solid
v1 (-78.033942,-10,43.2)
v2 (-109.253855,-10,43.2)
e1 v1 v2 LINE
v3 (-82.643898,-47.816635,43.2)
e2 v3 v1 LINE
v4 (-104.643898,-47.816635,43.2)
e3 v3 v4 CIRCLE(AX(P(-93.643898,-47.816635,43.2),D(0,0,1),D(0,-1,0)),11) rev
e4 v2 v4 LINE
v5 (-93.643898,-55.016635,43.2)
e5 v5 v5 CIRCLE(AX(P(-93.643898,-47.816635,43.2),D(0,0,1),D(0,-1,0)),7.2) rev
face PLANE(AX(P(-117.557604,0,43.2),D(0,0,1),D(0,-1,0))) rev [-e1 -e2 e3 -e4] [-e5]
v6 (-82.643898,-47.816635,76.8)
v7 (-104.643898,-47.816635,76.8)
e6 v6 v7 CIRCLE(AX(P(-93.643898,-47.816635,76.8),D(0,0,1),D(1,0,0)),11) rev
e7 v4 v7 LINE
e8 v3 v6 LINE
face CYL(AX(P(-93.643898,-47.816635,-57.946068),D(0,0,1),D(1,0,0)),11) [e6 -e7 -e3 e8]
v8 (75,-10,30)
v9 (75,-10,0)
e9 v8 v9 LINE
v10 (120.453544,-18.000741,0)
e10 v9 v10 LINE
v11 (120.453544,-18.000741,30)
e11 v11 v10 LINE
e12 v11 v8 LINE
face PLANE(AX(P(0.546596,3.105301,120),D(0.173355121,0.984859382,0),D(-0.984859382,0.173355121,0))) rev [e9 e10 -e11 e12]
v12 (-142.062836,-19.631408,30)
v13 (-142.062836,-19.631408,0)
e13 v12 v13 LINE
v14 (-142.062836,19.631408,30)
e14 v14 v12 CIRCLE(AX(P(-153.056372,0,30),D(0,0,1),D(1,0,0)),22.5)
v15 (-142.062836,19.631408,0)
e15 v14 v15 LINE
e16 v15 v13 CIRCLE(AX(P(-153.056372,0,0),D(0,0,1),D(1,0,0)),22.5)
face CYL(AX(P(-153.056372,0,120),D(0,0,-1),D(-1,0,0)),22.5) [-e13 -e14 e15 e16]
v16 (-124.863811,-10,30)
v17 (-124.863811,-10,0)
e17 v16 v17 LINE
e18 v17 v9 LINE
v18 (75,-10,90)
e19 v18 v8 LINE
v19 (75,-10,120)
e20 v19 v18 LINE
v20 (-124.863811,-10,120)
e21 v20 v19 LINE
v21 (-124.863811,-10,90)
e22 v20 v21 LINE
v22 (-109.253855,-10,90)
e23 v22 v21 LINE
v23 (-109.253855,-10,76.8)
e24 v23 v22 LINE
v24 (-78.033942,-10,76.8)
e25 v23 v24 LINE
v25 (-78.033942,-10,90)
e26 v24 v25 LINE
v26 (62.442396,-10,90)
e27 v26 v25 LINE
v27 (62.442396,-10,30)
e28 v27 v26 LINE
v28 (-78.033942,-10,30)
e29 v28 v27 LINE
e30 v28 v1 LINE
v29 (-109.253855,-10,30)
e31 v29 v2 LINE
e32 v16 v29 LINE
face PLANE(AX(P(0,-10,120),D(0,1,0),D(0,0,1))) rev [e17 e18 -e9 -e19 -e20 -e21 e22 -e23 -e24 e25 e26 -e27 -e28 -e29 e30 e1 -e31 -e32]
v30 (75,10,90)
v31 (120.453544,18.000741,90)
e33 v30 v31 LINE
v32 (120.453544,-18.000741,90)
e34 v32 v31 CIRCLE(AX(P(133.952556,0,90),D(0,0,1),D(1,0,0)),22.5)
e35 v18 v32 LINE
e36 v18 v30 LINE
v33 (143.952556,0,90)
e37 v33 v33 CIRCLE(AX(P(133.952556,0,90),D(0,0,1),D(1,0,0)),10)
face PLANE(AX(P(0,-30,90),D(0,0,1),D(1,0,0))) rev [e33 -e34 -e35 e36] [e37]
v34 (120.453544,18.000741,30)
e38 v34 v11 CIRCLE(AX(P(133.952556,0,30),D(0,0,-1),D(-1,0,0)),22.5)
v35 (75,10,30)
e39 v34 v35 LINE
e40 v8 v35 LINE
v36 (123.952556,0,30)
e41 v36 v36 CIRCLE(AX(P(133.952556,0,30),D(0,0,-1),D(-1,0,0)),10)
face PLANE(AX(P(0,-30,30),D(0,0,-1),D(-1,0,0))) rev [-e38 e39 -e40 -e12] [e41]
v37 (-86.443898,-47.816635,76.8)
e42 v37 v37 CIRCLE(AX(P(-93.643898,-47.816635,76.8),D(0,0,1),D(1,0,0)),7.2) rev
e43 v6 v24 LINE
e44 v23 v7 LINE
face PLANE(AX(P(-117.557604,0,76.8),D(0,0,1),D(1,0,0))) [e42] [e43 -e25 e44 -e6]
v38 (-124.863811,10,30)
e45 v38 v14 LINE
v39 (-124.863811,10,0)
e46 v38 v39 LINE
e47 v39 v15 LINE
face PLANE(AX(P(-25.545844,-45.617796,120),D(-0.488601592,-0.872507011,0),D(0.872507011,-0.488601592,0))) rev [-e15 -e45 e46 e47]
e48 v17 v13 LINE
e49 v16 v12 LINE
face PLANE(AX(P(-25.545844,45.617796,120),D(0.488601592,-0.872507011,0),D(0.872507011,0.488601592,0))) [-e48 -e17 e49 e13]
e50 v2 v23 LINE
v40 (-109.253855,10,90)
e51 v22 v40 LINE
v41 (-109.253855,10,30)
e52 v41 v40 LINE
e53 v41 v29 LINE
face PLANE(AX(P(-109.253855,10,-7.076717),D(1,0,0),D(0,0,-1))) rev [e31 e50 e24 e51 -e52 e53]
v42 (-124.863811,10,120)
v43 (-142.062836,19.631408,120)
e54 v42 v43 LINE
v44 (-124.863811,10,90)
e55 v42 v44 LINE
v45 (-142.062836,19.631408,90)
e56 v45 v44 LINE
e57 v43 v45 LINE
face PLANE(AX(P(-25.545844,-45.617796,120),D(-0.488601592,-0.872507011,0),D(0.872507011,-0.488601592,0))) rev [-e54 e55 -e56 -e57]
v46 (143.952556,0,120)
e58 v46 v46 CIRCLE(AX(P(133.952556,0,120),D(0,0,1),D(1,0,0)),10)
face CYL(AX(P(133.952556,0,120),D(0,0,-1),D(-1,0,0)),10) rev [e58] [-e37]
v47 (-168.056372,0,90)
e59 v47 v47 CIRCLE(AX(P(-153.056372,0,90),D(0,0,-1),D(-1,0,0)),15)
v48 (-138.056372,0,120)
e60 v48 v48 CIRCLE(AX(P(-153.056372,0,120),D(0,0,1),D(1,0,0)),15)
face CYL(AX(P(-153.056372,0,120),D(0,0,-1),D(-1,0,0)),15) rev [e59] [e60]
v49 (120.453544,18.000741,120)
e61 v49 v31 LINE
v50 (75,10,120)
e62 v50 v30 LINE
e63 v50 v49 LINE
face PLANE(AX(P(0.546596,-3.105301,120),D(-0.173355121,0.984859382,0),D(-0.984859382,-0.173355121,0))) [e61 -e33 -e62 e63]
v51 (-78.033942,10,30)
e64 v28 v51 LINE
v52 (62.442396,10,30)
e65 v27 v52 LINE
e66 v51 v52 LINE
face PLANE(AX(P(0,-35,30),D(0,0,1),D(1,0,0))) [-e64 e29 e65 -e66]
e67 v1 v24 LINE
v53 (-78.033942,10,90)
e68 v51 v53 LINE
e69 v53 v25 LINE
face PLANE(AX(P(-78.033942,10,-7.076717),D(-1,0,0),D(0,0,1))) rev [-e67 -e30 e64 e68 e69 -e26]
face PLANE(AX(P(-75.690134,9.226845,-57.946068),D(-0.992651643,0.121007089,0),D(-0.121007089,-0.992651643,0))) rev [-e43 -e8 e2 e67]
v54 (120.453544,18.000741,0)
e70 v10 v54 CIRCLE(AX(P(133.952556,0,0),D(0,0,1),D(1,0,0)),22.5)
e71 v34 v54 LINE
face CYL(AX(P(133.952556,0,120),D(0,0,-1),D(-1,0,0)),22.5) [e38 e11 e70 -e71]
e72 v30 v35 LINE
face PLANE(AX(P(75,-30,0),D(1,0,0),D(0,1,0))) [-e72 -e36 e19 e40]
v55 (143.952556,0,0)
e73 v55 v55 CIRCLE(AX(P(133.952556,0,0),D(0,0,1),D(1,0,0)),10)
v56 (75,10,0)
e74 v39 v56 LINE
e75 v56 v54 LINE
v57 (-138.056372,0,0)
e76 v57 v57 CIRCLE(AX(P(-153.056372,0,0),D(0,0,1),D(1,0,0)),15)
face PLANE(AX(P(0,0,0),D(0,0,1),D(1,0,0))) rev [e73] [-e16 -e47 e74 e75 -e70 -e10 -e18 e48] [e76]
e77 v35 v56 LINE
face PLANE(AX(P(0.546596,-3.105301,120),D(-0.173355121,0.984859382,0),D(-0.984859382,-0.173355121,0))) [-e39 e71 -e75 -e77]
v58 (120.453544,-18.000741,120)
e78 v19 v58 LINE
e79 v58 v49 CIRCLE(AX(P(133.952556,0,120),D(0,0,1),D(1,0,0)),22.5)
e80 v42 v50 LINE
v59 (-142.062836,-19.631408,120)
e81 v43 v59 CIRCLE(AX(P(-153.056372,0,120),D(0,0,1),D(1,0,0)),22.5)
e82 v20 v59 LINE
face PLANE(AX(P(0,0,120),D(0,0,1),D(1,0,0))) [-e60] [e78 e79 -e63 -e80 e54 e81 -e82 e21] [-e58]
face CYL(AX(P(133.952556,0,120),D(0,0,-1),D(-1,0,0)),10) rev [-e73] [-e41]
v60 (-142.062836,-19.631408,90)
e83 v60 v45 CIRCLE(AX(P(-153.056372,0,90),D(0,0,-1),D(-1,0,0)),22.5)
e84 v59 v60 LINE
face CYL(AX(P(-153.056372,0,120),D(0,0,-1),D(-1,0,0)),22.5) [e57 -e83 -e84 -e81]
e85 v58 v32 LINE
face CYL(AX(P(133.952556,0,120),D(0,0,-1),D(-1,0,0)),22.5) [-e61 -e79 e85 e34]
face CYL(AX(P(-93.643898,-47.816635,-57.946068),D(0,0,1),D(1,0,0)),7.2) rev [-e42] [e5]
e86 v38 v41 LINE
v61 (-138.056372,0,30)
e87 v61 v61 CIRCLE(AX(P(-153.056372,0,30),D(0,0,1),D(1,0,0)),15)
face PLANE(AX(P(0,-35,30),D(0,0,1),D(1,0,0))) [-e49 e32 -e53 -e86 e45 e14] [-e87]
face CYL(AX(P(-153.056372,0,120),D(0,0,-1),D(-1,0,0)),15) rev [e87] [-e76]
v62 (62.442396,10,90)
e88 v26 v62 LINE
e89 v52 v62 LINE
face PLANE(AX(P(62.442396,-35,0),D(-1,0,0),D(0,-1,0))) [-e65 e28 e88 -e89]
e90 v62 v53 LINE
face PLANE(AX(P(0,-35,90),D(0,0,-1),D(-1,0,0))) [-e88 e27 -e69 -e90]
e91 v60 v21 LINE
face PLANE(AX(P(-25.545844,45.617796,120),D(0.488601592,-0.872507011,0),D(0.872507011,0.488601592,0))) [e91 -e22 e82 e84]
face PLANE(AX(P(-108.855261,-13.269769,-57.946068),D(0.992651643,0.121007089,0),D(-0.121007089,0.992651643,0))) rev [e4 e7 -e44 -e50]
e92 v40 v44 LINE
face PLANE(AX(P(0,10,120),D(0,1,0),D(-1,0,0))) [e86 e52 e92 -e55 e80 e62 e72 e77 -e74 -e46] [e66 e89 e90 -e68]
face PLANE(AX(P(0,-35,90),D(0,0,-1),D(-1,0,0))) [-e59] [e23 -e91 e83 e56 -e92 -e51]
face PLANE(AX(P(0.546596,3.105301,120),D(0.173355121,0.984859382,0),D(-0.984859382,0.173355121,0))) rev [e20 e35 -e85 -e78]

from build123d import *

# Parameters (mm, degrees)
SKETCH1_R           = 10
SKETCH1_R_2         = 15
BOSS_EXTRUDE1_DEPTH = 120
CUT_EXTRUDE1_DEPTH  = 45
SKETCH3_R           = 11
SKETCH3_R_2         = 7.2
BOSS_EXTRUDE2_DEPTH = 120
CUT_EXTRUDE2_DEPTH  = 180
SKETCH5_W           = 31.21991305
SKETCH5_H           = 33.6
BOSS_EXTRUDE3_DEPTH = 20
SKETCH6_W           = 31.21991305
SKETCH6_H           = 20
BOSS_EXTRUDE4_DEPTH = 13.2
SKETCH8_W           = 31.21991305
SKETCH8_H           = 20
BOSS_EXTRUDE5_DEPTH = 13.2
CUT_EXTRUDE3_DEPTH  = 40


with BuildPart() as part:
    # Sketch1 → Boss-Extrude1 (new body)
    with BuildSketch(Plane.XY):
        with BuildLine():
            Line((75, 10), (-124.86381146, 10))
            Line((-124.86381146, 10), (-142.062836025, 19.631407747))
            ThreePointArc((-142.062836025, 19.631407747), (-175.556371847, 0), (-142.062836025, -19.631407747))
            Line((-142.062836025, -19.631407747), (-124.86381146, -10))
            Line((-124.86381146, -10), (75, -10))
            Line((75, -10), (120.453543604, -18.000740708))
            ThreePointArc((120.453543604, -18.000740708), (156.452555937, 0), (120.453543604, 18.000740708))
            Line((120.453543604, 18.000740708), (75, 10))
        make_face()
        with Locations((133.952555937, 0)):
            Circle(SKETCH1_R, mode=Mode.SUBTRACT)
        with Locations((-153.056371847, 0)):
            Circle(SKETCH1_R_2, mode=Mode.SUBTRACT)
    extrude(amount=BOSS_EXTRUDE1_DEPTH)

    # Sketch2 → Cut-Extrude1 (cut, symmetric)
    with BuildSketch(Plane(origin=(0, 10, 0), x_dir=(1, 0, 0), z_dir=(0, 1, 0))):
        Polygon((-124.86381146, -90), (-124.86381146, -60), (-124.86381146, -30), (-189.632147982, -30), (-189.632147982, -90), align=None)
        Polygon((-124.86381146, -30), (-124.86381146, -60), (-124.86381146, -90), (62.44239577, -90), (62.44239577, -30), align=None)
    extrude(amount=CUT_EXTRUDE1_DEPTH, both=True, mode=Mode.SUBTRACT)

    # Sketch3 → Boss-Extrude2 (add)
    with BuildSketch(Plane.XY.offset(120)):
        with BuildLine():
            Line((-109.253854935, -10), (-104.64389841, -47.8166351))
            ThreePointArc((-104.64389841, -47.8166351), (-93.64389841, -36.8166351), (-82.64389841, -47.8166351))
            Line((-82.64389841, -47.8166351), (-78.033941885, -10))
            Line((-78.033941885, -10), (-109.253854935, -10))
        make_face()
        with Locations((-93.64389841, -47.8166351)):
            Circle(SKETCH3_R)
        with Locations((-93.64389841, -47.8166351)):
            Circle(SKETCH3_R_2, mode=Mode.SUBTRACT)
    extrude(amount=-BOSS_EXTRUDE2_DEPTH)

    # Sketch4 → Cut-Extrude2 (cut)
    with BuildSketch(Plane.ZY.offset(-62.44239577)):
        Polygon((43.2, -58.8166351), (43.2, -10), (30, -10), (-9.185341586, -10), (-9.185341586, -58.8166351), align=None)
        Polygon((90, -10), (76.8, -10), (76.8, -58.8166351), (133.966164795, -58.8166351), (133.966164795, -10), align=None)
    extrude(amount=CUT_EXTRUDE2_DEPTH, mode=Mode.SUBTRACT)

    # Sketch5 → Boss-Extrude3 (add)
    with BuildSketch(Plane(origin=(0, -10, 0), x_dir=(1, 0, 0), z_dir=(0, 1, 0))):
        with Locations((-93.64389841, -60)):
            Rectangle(SKETCH5_W, SKETCH5_H)
    extrude(amount=BOSS_EXTRUDE3_DEPTH)

    # Sketch6 → Boss-Extrude4 (add)
    with BuildSketch(Plane(origin=(0, 0, 43.2), x_dir=(-1, 0, 0), z_dir=(0, 0, -1))):
        with Locations((93.64389841, 0)):
            Rectangle(SKETCH6_W, SKETCH6_H)
    extrude(amount=BOSS_EXTRUDE4_DEPTH)

    # Sketch8 → Boss-Extrude5 (add)
    with BuildSketch(Plane(origin=(0, 0, 90), x_dir=(-1, 0, 0), z_dir=(0, 0, -1))):
        with Locations((93.64389841, 0)):
            Rectangle(SKETCH8_W, SKETCH8_H)
    extrude(amount=BOSS_EXTRUDE5_DEPTH)

    # Sketch9 → Cut-Extrude3 (cut, symmetric)
    with BuildSketch(Plane(origin=(0, 10, 0), x_dir=(1, 0, 0), z_dir=(0, 1, 0))):
        Polygon((156.452555937, -30), (156.452555937, -60), (156.452555937, -90), (75, -90), (75, -30), align=None)
    extrude(amount=CUT_EXTRUDE3_DEPTH, both=True, mode=Mode.SUBTRACT)


solid = part.part
